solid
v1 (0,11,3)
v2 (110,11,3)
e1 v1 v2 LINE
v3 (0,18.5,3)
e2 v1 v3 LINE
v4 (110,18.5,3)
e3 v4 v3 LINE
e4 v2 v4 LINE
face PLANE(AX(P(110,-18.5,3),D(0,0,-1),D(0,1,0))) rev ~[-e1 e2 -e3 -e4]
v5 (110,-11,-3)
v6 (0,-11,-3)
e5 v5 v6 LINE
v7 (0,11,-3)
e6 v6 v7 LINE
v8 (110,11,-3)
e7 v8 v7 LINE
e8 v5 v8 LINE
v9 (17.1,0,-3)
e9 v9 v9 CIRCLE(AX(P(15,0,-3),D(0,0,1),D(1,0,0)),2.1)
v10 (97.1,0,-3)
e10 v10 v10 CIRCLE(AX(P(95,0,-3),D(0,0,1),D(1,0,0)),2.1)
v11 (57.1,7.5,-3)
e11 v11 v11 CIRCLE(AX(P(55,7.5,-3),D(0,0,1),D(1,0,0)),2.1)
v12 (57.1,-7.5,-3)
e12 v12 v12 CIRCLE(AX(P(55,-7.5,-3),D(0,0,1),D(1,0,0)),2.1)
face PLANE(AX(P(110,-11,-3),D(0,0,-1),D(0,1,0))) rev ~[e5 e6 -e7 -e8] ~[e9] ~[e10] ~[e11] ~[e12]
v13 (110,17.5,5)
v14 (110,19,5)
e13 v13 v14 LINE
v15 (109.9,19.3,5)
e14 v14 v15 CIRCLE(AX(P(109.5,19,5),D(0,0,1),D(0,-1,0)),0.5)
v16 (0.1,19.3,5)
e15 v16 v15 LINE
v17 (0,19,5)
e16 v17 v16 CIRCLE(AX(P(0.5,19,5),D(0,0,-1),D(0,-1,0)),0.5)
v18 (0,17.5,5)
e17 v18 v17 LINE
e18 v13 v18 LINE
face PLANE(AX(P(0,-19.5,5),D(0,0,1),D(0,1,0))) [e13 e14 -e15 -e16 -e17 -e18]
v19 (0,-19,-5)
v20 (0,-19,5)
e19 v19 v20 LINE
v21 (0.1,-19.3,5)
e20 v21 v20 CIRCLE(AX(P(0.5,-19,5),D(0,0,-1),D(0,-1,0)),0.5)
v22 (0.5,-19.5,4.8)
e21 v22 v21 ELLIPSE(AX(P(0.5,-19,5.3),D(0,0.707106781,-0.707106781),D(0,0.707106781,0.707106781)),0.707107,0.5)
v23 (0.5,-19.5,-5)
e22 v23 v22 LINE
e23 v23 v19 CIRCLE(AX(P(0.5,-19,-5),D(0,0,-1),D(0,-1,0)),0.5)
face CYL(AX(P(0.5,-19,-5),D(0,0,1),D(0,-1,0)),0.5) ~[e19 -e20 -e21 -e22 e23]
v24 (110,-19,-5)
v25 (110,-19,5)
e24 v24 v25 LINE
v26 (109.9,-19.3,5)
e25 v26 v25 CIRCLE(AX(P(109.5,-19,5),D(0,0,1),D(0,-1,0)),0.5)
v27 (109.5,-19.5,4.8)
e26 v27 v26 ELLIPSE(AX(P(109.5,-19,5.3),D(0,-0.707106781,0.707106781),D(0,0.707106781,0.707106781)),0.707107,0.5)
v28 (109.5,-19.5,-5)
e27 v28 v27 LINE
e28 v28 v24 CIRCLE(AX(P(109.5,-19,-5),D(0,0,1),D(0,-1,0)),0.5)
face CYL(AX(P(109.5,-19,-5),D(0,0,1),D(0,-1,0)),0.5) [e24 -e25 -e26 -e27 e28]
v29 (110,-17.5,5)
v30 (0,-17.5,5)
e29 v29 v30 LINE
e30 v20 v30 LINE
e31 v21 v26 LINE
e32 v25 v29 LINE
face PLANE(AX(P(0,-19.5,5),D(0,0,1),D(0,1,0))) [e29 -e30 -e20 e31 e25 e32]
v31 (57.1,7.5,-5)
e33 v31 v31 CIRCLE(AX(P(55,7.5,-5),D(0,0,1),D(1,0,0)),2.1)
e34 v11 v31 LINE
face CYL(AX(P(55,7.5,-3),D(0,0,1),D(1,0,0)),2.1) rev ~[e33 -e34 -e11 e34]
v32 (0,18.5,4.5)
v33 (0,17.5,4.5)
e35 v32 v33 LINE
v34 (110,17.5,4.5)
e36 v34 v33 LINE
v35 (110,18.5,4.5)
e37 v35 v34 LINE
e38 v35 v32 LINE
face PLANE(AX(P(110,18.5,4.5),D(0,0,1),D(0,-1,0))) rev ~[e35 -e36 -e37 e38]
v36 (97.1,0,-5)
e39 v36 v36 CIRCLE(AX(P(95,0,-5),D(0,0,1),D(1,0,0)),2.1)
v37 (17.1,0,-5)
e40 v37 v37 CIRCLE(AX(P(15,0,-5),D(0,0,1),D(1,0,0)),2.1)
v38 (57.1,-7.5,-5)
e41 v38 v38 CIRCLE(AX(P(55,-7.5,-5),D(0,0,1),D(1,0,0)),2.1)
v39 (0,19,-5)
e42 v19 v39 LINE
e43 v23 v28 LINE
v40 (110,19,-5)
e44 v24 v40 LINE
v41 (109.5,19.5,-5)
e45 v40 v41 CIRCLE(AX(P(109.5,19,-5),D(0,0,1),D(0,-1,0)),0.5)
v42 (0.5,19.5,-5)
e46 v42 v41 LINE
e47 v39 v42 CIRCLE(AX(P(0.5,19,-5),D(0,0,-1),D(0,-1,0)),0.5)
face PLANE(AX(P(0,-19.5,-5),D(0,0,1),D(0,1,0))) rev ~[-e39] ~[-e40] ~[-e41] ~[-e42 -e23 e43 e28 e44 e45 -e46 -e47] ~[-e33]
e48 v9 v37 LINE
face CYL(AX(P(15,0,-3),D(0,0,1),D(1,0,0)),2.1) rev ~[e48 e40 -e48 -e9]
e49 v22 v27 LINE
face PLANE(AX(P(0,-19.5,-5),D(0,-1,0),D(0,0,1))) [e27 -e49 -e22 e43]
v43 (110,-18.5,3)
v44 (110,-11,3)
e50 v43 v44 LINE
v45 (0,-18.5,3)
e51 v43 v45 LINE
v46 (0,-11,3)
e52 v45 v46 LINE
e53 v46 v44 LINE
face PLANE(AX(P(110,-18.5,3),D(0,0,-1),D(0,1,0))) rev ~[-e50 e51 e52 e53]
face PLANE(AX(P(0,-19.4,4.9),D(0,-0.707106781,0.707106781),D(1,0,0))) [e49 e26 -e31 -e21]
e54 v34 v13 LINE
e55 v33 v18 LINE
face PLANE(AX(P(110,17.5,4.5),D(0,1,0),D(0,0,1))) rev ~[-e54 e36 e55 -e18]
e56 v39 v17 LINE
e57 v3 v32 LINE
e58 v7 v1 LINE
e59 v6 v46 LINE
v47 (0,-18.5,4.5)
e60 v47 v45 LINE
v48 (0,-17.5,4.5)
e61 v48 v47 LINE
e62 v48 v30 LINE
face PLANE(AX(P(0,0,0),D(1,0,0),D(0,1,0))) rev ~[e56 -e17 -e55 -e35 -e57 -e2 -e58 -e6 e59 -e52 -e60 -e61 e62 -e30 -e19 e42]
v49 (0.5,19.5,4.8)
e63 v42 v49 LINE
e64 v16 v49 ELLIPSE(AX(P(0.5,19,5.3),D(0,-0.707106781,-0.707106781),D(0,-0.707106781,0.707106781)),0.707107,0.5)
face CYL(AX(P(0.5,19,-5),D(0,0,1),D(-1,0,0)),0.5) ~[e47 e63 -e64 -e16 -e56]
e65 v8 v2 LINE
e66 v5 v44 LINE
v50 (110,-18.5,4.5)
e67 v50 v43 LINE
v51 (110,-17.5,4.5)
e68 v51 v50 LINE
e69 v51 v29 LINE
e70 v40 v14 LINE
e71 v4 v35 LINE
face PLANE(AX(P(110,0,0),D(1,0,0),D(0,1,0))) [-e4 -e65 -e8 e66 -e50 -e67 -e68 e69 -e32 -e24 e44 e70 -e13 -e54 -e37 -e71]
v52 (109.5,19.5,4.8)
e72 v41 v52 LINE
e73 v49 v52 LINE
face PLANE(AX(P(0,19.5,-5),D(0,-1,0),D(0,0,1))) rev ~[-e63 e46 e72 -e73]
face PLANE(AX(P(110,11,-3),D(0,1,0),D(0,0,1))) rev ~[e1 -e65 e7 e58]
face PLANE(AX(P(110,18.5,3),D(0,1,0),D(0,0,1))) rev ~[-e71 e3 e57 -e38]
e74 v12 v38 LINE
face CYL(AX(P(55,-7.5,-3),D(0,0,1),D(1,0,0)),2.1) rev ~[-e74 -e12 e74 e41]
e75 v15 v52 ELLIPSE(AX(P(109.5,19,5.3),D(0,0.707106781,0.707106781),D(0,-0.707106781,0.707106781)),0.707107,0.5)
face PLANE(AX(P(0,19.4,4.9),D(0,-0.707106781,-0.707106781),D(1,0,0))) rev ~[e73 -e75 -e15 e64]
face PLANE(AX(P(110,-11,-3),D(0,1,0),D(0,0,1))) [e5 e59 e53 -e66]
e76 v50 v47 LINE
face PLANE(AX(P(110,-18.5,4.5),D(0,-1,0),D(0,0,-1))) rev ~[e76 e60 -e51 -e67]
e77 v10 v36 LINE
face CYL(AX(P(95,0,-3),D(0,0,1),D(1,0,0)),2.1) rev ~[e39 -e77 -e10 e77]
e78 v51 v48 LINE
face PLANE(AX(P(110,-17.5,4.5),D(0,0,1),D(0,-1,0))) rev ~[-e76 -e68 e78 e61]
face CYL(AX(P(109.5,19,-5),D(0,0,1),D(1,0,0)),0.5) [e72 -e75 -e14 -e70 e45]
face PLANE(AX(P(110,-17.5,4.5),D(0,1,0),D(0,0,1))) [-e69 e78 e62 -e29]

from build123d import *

# Parameters (mm, degrees)
F0_W     = 39
F0_H     = 10
F1_DEPTH = 110
F2_W     = 35
F2_H     = 1
F3_DEPTH = 110
F5_DEPTH = 110
F6_W     = 22
F6_H     = 12
F7_DEPTH = 110
F8_R     = 2.1
F9_DEPTH = 25
F10_SIZE = 0.2
F11_R    = 0.5


with BuildPart() as f1:
    # F0 (on Right) → F1 (new body)
    with BuildSketch(Plane.YZ):
        Rectangle(F0_W, F0_H)
    extrude(amount=F1_DEPTH)

    # F2 (on face) → F3 (cut)
    with BuildSketch(Plane.YZ.offset(110)):
        with Locations((0, 5)):
            Rectangle(F2_W, F2_H)
    extrude(amount=-F3_DEPTH, mode=Mode.SUBTRACT)

    # F4 (on face) → F5 (cut)
    with BuildSketch(Plane.YZ.offset(110)):
        Polygon((-18.5, 3), (18.5, 3), (18.5, 4.5), (17.5, 4.5), (17.5, 5.544198), (-17.5, 5.544198), (-17.5, 4.5), (-18.5, 4.5), align=None)
    extrude(amount=-F5_DEPTH, mode=Mode.SUBTRACT)

    # F6 (on face) → F7 (cut)
    with BuildSketch(Plane.YZ.offset(110)):
        with Locations((0, 3)):
            Rectangle(F6_W, F6_H)
    extrude(amount=-F7_DEPTH, mode=Mode.SUBTRACT)

    # F8 (on face) → F9 (cut)
    with BuildSketch(Plane.XY.offset(-3)):
        with Locations((15, 0)):
            Circle(F8_R)
        with Locations((95, 0)):
            Circle(F8_R)
        with Locations((55, -7.5)):
            Circle(F8_R)
        with Locations((55, 7.5)):
            Circle(F8_R)
    extrude(amount=-F9_DEPTH, mode=Mode.SUBTRACT)

    # F10
    f10_edges = [f1.edges().sort_by_distance(p)[0] for p in [
        (55, -19.5, 5),
        (55, 19.5, 5),
    ]]
    chamfer(f10_edges, length=F10_SIZE)

    # F11
    f11_edges = [f1.edges().sort_by_distance(p)[0] for p in [
        (0, -19.5, -0.1),
        (0, 19.5, -0.1),
        (110, -19.5, -0.1),
        (110, 19.5, -0.1),
    ]]
    fillet(f11_edges, radius=F11_R)


solid = f1.part
